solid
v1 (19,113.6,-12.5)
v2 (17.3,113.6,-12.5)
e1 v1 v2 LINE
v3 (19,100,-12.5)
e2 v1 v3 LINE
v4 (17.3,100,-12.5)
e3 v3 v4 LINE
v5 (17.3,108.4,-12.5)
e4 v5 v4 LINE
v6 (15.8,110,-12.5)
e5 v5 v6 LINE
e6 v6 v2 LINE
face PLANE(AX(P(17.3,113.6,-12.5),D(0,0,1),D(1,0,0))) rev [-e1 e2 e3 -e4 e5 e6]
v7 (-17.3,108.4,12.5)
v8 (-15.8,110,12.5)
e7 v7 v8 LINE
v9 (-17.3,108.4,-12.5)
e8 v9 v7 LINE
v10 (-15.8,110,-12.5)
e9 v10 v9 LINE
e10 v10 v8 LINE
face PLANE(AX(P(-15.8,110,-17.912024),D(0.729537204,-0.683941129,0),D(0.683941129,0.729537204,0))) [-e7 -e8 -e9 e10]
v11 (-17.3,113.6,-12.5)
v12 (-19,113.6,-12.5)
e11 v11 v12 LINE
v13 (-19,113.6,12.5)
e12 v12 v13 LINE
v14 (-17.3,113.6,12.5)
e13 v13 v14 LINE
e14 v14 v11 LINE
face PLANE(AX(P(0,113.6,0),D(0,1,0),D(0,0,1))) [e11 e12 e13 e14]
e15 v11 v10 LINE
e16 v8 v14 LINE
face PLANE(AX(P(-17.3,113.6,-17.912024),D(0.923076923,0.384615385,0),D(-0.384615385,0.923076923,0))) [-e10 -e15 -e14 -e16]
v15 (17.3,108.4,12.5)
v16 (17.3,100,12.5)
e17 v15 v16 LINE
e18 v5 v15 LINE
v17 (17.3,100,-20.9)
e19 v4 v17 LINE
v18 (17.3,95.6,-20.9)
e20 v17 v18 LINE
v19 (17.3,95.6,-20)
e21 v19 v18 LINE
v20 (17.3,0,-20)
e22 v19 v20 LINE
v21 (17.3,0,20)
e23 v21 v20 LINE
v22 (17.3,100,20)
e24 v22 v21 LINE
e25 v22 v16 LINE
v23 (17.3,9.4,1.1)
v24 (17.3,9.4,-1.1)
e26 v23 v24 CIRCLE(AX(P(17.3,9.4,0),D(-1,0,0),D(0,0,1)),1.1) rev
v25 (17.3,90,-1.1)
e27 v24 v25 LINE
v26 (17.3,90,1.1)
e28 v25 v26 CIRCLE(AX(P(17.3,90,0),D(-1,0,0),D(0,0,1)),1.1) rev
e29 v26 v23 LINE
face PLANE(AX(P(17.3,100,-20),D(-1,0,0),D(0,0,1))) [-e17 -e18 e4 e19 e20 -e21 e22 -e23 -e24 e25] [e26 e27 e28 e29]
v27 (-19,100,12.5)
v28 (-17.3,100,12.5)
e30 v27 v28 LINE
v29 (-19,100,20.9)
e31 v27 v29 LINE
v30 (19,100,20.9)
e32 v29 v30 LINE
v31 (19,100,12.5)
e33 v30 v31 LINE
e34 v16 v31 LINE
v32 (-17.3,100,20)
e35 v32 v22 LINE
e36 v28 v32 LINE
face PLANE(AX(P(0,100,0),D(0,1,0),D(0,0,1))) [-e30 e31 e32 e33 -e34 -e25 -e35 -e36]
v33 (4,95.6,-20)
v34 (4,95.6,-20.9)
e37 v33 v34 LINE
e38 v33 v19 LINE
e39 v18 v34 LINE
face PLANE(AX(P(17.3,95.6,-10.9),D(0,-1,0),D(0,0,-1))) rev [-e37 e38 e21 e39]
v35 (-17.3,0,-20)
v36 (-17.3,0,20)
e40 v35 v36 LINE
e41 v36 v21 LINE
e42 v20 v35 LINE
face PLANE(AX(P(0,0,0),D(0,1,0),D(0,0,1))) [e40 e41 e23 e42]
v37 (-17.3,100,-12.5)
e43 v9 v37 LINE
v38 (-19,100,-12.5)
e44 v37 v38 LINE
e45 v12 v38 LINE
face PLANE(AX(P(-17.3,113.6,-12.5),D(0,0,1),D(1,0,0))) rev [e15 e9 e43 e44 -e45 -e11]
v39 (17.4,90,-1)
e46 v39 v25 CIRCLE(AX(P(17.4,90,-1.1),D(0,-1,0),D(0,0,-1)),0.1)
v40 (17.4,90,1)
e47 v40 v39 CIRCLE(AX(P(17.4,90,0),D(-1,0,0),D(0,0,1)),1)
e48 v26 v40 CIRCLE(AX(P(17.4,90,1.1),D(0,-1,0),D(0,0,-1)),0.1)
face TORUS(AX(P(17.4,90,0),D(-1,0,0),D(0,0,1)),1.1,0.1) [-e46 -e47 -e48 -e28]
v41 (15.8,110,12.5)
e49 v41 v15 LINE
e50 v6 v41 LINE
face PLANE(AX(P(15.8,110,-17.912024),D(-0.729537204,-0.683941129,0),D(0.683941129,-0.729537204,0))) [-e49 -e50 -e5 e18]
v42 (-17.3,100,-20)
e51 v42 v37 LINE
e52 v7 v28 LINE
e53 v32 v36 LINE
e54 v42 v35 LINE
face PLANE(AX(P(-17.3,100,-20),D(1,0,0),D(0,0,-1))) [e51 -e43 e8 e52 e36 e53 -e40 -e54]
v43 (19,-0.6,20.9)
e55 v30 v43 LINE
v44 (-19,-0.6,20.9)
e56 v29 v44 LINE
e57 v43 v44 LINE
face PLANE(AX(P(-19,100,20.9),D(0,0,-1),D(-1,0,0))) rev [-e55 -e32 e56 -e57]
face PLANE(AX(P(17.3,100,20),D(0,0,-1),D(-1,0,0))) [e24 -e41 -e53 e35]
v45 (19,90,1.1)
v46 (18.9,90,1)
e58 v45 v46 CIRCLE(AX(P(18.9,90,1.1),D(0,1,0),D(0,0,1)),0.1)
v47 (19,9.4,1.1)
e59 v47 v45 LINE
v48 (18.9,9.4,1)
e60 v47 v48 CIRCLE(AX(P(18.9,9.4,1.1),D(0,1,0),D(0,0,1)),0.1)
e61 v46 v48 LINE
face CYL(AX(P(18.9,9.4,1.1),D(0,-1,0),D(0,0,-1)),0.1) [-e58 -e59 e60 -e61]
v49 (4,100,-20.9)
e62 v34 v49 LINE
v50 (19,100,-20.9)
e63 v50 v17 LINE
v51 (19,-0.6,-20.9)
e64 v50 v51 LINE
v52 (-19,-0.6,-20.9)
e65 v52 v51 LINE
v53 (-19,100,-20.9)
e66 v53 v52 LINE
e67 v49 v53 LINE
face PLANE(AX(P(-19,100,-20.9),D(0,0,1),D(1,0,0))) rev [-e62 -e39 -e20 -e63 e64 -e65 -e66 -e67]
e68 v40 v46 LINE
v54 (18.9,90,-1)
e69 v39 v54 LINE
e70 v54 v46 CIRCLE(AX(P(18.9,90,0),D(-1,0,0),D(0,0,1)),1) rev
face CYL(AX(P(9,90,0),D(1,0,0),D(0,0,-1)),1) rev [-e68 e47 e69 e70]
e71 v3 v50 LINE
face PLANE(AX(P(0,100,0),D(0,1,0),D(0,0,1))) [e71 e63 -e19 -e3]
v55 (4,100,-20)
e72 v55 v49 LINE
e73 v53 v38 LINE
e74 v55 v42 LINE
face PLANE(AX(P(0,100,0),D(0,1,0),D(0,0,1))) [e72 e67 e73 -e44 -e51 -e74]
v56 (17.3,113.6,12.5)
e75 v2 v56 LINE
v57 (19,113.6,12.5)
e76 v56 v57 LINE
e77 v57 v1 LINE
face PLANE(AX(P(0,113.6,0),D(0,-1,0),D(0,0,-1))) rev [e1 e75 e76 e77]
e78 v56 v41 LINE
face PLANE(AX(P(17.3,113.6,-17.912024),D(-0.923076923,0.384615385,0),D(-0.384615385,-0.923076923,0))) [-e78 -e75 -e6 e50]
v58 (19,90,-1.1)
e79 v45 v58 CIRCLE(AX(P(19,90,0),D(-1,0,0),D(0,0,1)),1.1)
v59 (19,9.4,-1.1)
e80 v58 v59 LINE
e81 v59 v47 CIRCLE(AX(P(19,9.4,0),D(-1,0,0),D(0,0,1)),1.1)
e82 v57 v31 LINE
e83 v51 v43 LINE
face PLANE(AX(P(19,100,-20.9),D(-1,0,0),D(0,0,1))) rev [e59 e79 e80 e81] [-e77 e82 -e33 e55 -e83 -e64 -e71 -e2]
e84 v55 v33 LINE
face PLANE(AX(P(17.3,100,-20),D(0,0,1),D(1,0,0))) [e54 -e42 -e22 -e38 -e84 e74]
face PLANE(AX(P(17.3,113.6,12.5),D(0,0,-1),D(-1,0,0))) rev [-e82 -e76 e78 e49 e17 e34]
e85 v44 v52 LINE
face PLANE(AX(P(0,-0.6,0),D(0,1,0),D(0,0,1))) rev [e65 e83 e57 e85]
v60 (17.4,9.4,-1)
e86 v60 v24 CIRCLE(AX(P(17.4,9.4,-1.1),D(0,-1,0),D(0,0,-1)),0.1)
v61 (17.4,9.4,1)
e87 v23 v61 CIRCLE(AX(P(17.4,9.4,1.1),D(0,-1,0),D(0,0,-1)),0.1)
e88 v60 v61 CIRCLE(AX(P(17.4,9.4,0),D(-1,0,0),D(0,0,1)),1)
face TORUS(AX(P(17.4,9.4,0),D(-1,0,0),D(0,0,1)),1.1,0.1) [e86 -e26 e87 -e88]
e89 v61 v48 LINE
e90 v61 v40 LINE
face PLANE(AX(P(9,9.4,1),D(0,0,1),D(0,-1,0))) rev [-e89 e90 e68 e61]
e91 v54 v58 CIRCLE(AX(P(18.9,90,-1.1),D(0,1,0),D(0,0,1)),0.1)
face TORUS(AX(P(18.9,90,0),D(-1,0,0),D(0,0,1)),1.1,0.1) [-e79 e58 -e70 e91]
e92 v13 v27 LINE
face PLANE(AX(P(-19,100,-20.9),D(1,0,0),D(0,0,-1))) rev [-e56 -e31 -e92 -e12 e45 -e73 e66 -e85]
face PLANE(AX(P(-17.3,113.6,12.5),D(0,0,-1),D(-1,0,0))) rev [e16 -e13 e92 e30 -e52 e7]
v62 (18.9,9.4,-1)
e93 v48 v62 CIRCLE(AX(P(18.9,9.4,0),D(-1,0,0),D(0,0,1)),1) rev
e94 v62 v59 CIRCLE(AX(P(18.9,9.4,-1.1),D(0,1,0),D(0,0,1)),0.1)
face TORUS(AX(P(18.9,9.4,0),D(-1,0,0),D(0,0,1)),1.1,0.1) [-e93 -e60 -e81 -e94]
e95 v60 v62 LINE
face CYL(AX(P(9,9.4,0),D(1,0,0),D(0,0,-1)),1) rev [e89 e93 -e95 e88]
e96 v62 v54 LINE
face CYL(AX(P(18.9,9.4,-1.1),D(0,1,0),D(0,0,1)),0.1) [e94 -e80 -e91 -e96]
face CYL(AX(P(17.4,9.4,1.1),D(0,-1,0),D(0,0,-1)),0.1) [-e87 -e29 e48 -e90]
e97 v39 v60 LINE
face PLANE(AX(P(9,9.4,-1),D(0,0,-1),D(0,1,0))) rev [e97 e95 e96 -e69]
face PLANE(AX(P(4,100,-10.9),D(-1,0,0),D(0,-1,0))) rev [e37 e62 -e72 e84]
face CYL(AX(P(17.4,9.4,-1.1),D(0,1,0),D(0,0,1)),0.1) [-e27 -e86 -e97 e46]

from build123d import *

# Parameters (mm, degrees)
SKETCH1_W           = 38
SKETCH1_H           = 41.8
SKETCH1_W_2         = 34.6
SKETCH1_H_2         = 40
BOSS_EXTRUDE1_DEPTH = 100
SKETCH2_W           = 1.7
SKETCH2_H           = 25
BOSS_EXTRUDE2_DEPTH = 13.6
BOSS_EXTRUDE5_DEPTH = 25
SKETCH6_W           = 38
SKETCH6_H           = 41.8
BOSS_EXTRUDE6_DEPTH = 0.6
SKETCH7_W           = 13.3
SKETCH7_H           = 4.4
CUT_EXTRUDE1_DEPTH  = 10
CUT_EXTRUDE2_DEPTH  = 10
FILLET1_R           = 0.1


with BuildPart() as part:
    # Sketch1 → Boss-Extrude1 (new body)
    with BuildSketch(Plane(origin=(0, 0, 0), x_dir=(1, 0, 0), z_dir=(0, 1, 0))):
        Rectangle(SKETCH1_W, SKETCH1_H)
        Rectangle(SKETCH1_W_2, SKETCH1_H_2, mode=Mode.SUBTRACT)
    extrude(amount=BOSS_EXTRUDE1_DEPTH)

    # Sketch2 → Boss-Extrude2 (add)
    with BuildSketch(Plane(origin=(0, 100, 0), x_dir=(1, 0, 0), z_dir=(0, 1, 0))):
        with Locations((18.15, 0)):
            Rectangle(SKETCH2_W, SKETCH2_H)
        with Locations((-18.15, 0)):
            Rectangle(SKETCH2_W, SKETCH2_H)
    extrude(amount=BOSS_EXTRUDE2_DEPTH)

    # Sketch5 → Boss-Extrude5 (add)
    with BuildSketch(Plane.XY.offset(12.5)):
        Polygon((-15.8, 110), (-17.3, 108.4), (-17.3, 113.6), align=None)
        Polygon((17.3, 108.4), (17.3, 113.6), (15.8, 110), align=None)
    extrude(amount=-BOSS_EXTRUDE5_DEPTH)

    # Sketch6 → Boss-Extrude6 (add)
    with BuildSketch(Plane.XZ):
        Rectangle(SKETCH6_W, SKETCH6_H)
    extrude(amount=BOSS_EXTRUDE6_DEPTH)

    # Sketch7 → Cut-Extrude1 (cut)
    with BuildSketch(Plane(origin=(0, 0, -20.9), x_dir=(-1, 0, 0), z_dir=(0, 0, -1))):
        with Locations((-10.65, 97.8)):
            Rectangle(SKETCH7_W, SKETCH7_H)
    extrude(amount=-CUT_EXTRUDE1_DEPTH, mode=Mode.SUBTRACT)

    # Sketch8 → Cut-Extrude2 (cut)
    with BuildSketch(Plane(origin=(19, 0, 0), x_dir=(0, 0, -1), z_dir=(1, 0, 0))):
        with BuildLine():
            Line((-1, 9.4), (-1, 90))
            ThreePointArc((-1, 90), (0, 91), (1, 90))
            Line((1, 90), (1, 9.4))
            ThreePointArc((1, 9.4), (0, 8.4), (-1, 9.4))
        make_face()
    extrude(amount=-CUT_EXTRUDE2_DEPTH, mode=Mode.SUBTRACT)

    # Fillet1
    fillet1_edges = [part.edges().sort_by_distance(p)[0] for p in [
        (17.3, 49.7, -1),
        (17.3, 91, 0),
        (17.3, 49.7, 1),
        (17.3, 8.4, 0),
        (19, 8.4, 0),
        (19, 49.7, -1),
        (19, 91, 0),
        (19, 49.7, 1),
    ]]
    fillet(fillet1_edges, radius=FILLET1_R)


solid = part.part
